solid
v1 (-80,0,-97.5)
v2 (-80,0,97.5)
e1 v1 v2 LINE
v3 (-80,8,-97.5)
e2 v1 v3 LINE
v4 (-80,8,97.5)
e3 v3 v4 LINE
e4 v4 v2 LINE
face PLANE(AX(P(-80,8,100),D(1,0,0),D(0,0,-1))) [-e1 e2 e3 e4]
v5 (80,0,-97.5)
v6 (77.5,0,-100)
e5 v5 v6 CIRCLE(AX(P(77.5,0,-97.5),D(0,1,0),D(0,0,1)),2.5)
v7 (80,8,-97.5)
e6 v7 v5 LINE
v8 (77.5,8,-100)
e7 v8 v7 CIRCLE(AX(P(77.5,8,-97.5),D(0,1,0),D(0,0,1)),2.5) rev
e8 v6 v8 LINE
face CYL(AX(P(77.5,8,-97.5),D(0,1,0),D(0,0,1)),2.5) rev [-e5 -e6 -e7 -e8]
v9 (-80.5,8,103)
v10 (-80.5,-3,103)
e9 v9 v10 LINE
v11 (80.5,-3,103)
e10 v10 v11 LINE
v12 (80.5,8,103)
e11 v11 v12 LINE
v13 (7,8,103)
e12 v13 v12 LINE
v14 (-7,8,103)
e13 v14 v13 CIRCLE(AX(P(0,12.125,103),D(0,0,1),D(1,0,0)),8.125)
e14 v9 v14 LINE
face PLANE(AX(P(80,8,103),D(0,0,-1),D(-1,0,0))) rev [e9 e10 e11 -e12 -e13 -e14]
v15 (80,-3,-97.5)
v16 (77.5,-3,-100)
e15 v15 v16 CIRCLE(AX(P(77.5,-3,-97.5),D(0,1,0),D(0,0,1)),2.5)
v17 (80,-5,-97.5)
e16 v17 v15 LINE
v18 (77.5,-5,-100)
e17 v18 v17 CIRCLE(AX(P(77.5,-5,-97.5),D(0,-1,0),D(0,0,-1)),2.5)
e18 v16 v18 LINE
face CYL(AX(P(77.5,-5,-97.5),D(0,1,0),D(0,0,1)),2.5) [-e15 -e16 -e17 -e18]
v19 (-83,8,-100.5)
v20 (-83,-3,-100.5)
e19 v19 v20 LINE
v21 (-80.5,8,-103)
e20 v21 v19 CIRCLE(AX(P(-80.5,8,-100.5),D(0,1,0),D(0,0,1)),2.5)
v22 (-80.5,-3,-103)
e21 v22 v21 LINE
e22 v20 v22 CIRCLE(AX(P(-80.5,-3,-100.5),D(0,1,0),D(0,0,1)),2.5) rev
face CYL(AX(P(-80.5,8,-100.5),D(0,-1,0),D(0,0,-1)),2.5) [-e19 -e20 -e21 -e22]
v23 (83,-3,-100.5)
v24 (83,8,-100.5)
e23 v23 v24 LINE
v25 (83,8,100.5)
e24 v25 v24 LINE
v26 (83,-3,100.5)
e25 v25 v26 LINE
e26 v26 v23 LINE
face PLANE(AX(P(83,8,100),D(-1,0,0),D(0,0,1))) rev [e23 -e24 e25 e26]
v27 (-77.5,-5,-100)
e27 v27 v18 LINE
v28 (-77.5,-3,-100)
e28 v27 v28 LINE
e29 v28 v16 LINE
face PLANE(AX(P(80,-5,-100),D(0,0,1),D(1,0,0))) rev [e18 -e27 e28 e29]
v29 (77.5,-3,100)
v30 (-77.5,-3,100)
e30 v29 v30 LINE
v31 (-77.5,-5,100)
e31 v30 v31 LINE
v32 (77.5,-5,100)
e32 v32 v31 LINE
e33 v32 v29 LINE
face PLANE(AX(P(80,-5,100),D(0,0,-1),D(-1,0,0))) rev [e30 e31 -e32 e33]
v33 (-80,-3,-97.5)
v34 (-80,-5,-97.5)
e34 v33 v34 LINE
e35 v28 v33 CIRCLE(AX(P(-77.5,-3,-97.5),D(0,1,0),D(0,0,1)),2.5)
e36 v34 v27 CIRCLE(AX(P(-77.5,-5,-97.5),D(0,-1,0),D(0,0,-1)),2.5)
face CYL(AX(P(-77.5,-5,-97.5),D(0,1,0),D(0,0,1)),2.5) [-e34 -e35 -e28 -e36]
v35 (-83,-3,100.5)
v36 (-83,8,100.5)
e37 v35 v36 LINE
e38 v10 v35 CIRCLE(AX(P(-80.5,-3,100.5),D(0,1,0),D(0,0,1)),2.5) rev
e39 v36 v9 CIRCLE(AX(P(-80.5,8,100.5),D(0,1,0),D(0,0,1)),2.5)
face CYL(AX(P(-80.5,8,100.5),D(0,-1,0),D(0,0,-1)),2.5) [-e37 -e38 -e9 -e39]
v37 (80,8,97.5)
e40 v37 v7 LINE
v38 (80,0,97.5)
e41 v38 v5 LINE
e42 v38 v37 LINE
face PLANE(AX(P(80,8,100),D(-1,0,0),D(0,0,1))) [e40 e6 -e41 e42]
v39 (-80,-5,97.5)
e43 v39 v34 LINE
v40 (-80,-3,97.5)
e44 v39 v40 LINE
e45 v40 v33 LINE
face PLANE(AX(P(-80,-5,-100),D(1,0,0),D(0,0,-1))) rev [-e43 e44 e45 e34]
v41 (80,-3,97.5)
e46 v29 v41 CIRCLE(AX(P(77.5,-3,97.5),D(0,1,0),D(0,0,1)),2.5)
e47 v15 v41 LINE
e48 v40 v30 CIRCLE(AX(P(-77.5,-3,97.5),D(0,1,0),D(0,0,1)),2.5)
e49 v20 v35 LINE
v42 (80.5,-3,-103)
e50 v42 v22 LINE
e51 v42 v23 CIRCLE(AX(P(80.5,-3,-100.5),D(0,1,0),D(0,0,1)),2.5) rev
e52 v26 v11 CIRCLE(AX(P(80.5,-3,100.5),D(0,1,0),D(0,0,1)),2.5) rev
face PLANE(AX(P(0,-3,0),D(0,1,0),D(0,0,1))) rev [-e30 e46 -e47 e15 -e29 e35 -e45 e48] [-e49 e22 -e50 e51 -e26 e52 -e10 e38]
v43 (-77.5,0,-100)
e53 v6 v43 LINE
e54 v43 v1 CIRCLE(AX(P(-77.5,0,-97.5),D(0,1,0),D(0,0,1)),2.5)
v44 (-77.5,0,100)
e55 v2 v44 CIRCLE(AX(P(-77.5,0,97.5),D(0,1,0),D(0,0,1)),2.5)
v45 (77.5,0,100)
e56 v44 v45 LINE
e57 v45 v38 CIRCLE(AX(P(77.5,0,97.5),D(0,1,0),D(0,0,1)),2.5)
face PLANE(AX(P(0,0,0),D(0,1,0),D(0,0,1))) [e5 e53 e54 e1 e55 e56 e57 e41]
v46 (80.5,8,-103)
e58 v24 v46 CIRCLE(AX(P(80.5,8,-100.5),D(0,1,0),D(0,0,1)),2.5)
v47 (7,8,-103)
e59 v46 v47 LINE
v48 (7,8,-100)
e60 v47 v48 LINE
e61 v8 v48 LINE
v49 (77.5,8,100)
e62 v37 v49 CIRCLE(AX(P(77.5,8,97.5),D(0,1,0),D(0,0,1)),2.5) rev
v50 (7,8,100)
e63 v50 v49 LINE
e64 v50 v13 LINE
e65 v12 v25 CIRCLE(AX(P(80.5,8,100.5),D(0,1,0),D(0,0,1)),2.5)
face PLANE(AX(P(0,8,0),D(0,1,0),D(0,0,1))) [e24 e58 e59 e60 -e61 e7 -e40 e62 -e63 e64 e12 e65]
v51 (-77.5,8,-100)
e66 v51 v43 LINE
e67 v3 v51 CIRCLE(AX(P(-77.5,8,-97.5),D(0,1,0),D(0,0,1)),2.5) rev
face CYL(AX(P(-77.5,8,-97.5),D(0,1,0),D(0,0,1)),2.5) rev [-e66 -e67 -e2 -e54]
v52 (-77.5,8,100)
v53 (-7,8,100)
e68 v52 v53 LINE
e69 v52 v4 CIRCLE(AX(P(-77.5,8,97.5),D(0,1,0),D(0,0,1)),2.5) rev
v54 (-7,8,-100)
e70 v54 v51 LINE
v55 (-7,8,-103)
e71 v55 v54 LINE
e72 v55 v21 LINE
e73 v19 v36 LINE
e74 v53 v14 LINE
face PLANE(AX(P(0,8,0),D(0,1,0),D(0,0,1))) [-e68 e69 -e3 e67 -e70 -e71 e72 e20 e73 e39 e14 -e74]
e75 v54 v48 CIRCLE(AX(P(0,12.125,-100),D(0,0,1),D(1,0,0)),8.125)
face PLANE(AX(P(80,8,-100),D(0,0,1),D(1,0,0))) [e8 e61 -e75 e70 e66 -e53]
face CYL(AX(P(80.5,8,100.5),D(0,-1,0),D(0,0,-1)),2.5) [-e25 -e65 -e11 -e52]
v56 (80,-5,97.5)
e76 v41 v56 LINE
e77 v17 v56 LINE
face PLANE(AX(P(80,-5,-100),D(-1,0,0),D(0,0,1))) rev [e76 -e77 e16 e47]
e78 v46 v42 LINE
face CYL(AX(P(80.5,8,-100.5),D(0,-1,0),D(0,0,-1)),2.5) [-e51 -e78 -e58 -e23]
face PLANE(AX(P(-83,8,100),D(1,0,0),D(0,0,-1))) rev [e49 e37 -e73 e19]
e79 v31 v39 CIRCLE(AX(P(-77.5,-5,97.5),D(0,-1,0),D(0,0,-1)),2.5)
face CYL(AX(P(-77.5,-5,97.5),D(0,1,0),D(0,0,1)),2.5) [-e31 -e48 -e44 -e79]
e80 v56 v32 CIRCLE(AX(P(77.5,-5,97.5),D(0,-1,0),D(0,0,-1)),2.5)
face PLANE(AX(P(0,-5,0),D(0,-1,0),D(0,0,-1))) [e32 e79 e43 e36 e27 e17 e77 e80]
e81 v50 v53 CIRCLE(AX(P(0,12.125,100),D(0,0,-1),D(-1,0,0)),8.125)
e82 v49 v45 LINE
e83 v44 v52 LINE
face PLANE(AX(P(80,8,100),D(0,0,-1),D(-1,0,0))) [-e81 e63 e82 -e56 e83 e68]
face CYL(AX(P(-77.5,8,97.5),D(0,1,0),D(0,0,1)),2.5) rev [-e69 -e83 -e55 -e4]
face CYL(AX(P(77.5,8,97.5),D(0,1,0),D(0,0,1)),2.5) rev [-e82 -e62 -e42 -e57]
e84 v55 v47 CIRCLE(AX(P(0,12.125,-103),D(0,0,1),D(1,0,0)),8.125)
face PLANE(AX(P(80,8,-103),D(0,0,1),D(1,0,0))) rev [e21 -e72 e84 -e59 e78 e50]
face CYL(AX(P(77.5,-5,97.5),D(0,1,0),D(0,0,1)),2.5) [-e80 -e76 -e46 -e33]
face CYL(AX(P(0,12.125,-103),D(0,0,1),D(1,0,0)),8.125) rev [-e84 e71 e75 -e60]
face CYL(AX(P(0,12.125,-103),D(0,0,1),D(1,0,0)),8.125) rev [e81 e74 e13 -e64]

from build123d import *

# Parameters (mm, degrees)
SKETCH1_W           = 160
SKETCH1_H           = 200
BOSS_EXTRUDE1_DEPTH = 8
SHELL1_T            = 3
SKETCH2_W           = 160
SKETCH2_H           = 200
BOSS_EXTRUDE2_DEPTH = 2
FILLET1_R           = 2.5
CUT_EXTRUDE4_DEPTH  = 223.236360661


with BuildPart() as part:
    # Sketch1 → Boss-Extrude1 (new body)
    with BuildSketch(Plane(origin=(0, 0, 0), x_dir=(1, 0, 0), z_dir=(0, 1, 0))):
        Rectangle(SKETCH1_W, SKETCH1_H)
    extrude(amount=BOSS_EXTRUDE1_DEPTH)

    # Shell1
    shell1_openings = [part.faces().sort_by_distance(p)[0] for p in [
        (0, 8, 0),
    ]]
    offset(amount=SHELL1_T, openings=shell1_openings, kind=Kind.INTERSECTION)

    # Sketch2 → Boss-Extrude2 (add)
    with BuildSketch(Plane.XZ.offset(3)):
        Rectangle(SKETCH2_W, SKETCH2_H)
    extrude(amount=BOSS_EXTRUDE2_DEPTH)

    # Fillet1
    fillet1_edges = [part.edges().sort_by_distance(p)[0] for p in [
        (-80, 4, -100),
        (-80, 4, 100),
        (80, 4, 100),
        (80, 4, -100),
        (-80, -4, 100),
        (-80, -4, -100),
        (80, -4, -100),
        (80, -4, 100),
        (-83, 2.5, -103),
        (83, 2.5, -103),
        (83, 2.5, 103),
        (-83, 2.5, 103),
    ]]
    fillet(fillet1_edges, radius=FILLET1_R)

    # Sketch5 → Cut-Extrude4 (cut, through all)
    with BuildSketch(Plane.XY.offset(103)):
        with BuildLine():
            Line((0, 8), (-7, 8))
            ThreePointArc((-7, 8), (0, 4), (7, 8))
            Line((7, 8), (0, 8))
        make_face()
    extrude(amount=-CUT_EXTRUDE4_DEPTH, mode=Mode.SUBTRACT)


solid = part.part
